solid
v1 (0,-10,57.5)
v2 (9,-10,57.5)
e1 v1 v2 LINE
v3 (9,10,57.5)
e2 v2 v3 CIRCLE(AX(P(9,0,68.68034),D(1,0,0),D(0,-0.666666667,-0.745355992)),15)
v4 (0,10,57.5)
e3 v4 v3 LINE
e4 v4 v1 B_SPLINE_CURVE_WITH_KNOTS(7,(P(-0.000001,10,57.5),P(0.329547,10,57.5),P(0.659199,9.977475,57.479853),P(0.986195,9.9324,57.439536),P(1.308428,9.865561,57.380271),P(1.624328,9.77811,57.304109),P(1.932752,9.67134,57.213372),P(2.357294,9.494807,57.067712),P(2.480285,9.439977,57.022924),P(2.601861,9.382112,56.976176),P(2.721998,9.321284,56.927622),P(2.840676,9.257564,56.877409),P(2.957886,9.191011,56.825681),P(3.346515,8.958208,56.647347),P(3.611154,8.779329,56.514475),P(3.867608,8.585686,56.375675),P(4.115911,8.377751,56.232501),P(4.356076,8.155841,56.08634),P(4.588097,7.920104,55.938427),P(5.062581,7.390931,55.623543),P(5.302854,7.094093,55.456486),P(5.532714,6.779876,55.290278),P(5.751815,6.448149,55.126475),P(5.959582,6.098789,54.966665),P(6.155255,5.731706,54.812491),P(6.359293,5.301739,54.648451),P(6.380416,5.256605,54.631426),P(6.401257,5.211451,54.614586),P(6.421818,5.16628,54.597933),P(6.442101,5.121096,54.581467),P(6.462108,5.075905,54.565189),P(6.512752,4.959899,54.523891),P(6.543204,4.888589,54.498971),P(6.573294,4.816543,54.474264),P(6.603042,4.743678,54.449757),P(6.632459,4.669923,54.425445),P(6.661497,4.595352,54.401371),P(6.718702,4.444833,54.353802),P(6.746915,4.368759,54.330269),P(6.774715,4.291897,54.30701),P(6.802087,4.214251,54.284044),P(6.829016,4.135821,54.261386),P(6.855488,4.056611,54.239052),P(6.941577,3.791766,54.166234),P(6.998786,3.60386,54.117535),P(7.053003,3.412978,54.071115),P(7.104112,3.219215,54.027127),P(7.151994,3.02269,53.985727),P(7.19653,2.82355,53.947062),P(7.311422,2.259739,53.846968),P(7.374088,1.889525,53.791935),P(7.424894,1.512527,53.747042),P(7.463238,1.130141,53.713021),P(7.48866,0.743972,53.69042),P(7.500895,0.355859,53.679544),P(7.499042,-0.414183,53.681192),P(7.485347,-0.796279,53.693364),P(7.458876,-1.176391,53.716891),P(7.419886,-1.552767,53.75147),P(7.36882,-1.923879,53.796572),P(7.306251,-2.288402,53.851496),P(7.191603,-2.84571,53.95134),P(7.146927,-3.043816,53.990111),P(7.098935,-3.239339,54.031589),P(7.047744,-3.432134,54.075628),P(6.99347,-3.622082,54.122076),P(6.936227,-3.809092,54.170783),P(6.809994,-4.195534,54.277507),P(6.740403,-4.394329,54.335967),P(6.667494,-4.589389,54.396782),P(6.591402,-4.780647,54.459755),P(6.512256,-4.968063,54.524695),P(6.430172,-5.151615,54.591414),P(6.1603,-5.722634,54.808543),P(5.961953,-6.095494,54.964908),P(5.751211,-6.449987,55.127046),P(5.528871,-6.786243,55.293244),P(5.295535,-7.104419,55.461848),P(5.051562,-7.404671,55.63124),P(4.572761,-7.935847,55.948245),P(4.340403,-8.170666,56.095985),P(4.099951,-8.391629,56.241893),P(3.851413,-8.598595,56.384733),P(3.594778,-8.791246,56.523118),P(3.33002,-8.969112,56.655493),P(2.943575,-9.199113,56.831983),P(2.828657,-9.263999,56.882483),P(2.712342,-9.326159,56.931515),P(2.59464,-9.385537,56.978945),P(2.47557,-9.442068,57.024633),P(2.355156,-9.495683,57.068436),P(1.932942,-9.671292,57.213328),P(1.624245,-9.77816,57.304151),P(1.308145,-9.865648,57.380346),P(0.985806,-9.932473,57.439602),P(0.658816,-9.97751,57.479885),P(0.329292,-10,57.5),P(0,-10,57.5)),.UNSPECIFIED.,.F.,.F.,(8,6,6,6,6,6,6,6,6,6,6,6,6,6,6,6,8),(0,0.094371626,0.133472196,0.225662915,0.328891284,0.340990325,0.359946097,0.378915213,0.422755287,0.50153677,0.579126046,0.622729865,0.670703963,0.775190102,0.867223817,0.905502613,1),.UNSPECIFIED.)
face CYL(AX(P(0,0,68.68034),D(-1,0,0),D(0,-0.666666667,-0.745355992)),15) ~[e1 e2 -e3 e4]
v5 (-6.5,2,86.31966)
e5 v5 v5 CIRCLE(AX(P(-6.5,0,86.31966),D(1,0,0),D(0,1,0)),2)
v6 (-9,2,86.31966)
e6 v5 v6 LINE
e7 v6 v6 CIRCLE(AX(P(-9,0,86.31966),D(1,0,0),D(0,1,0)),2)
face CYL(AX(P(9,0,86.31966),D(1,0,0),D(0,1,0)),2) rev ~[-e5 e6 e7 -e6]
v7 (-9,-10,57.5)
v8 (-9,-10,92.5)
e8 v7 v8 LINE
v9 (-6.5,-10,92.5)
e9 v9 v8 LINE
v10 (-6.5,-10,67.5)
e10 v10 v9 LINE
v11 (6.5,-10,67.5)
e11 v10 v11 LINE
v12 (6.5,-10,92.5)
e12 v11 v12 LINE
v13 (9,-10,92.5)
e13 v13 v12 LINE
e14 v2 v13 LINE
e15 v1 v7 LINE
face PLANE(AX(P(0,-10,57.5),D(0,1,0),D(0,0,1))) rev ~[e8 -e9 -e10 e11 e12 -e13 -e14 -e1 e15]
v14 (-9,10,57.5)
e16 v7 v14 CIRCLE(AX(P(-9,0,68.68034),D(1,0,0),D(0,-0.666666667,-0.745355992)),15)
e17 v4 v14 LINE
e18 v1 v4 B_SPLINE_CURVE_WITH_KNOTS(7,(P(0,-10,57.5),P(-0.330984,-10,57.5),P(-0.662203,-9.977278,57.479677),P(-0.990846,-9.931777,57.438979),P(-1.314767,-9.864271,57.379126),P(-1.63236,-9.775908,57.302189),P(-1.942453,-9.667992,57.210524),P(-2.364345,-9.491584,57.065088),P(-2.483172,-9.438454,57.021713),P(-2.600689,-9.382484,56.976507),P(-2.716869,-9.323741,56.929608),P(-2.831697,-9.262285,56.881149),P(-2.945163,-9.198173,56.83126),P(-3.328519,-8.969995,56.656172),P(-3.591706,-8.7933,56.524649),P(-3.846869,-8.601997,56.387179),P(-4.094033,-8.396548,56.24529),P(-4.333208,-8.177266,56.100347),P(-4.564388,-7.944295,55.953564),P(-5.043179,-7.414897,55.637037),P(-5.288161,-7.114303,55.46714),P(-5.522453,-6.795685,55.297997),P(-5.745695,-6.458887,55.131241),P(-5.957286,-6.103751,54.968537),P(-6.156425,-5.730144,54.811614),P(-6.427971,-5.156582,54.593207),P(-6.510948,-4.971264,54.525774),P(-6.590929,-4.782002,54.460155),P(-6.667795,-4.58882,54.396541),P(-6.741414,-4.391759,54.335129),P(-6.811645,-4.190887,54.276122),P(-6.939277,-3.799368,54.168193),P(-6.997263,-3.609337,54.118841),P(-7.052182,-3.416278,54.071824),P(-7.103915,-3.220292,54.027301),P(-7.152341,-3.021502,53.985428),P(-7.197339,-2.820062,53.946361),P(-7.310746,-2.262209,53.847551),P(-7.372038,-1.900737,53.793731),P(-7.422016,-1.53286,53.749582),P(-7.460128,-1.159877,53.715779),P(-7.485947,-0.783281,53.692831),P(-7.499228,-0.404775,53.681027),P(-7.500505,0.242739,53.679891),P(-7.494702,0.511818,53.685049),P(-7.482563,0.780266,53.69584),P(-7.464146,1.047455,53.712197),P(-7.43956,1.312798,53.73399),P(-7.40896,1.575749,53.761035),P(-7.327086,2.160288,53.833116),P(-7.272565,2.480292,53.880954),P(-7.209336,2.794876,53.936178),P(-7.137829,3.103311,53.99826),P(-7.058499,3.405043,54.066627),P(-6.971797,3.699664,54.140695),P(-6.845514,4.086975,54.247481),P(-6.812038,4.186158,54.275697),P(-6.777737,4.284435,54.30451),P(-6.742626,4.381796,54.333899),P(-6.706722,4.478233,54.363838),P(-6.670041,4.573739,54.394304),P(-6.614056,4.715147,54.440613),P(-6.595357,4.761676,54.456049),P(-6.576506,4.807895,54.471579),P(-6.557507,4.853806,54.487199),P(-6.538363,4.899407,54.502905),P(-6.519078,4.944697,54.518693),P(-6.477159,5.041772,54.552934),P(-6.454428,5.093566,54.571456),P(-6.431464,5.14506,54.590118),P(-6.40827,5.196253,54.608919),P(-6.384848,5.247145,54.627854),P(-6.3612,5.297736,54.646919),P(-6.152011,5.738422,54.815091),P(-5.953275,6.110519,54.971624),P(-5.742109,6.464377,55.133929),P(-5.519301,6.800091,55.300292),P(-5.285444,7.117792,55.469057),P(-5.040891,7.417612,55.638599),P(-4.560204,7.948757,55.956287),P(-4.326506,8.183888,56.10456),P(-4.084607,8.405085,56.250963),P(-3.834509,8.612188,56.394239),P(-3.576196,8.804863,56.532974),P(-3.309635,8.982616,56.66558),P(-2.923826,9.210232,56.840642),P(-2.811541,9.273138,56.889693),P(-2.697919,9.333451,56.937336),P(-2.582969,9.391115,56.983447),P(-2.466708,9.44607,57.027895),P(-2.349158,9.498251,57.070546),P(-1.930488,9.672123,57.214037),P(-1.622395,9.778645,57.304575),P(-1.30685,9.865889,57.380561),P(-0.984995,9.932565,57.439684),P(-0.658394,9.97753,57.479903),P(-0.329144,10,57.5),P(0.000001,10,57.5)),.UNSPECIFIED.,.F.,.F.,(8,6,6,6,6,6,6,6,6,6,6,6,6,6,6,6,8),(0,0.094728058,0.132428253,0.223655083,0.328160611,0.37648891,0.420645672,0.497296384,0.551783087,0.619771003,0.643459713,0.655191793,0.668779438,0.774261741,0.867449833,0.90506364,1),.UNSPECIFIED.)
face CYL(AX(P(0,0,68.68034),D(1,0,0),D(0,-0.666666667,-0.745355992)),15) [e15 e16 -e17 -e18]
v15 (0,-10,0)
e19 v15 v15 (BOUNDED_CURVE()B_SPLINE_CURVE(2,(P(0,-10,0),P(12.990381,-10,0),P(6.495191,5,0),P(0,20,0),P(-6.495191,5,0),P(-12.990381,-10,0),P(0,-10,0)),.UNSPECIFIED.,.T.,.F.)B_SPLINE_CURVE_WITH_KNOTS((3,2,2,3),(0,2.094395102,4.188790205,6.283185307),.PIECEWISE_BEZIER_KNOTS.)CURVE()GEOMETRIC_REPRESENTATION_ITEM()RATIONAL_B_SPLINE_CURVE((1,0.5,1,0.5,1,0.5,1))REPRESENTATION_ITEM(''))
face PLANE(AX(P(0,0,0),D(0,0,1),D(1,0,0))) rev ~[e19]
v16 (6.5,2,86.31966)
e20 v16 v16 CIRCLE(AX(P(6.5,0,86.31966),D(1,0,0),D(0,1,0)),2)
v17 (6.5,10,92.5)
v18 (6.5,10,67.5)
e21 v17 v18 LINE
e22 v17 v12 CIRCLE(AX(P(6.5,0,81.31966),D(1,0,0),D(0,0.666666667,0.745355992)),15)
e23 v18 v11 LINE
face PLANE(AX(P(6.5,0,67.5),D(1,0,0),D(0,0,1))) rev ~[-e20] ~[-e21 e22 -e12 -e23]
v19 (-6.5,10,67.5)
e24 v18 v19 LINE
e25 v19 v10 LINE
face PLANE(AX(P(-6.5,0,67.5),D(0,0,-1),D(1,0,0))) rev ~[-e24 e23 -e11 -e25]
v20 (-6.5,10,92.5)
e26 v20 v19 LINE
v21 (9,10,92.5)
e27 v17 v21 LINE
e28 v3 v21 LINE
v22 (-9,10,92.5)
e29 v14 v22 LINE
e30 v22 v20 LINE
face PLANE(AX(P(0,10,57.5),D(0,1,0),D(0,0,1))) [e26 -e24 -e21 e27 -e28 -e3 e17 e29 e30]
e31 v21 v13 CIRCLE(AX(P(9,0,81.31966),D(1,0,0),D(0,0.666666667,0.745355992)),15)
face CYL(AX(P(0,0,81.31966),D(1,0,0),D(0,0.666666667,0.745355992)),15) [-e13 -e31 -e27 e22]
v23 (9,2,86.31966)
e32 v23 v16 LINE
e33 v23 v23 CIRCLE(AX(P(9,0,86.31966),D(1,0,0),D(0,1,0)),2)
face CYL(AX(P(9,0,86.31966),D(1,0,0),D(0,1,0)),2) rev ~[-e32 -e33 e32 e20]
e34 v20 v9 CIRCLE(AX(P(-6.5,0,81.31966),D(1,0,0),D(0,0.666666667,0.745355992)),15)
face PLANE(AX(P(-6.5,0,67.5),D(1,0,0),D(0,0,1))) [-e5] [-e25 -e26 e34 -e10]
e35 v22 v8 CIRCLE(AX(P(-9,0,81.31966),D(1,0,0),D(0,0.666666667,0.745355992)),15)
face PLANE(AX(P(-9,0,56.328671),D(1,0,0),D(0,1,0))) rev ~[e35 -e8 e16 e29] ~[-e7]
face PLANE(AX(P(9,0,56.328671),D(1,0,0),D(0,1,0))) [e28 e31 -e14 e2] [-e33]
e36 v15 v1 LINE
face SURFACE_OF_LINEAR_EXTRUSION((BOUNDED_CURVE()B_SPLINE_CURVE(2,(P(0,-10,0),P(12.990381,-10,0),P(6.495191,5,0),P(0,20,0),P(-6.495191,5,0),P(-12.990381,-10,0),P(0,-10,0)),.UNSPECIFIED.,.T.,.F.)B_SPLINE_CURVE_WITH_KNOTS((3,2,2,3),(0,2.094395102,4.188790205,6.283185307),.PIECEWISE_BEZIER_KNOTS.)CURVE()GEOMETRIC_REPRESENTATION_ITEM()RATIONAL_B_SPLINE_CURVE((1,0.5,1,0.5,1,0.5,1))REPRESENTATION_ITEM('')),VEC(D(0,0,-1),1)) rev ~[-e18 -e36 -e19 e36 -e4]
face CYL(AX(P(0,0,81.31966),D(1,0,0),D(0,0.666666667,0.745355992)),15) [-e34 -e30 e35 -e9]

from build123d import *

# Parameters (mm, degrees)
F1_DEPTH      = 75
F2_W          = 20
F2_H          = 35
F3_DEPTH      = 9
F3_DEPTH_BACK = 9
F4_W          = 13
F4_H          = 65
F5_DEPTH      = 25
F5_DEPTH_BACK = 25
F6_R          = 2
F7_DEPTH      = 25


with BuildPart() as f1:
    # F0 (on Top) → F1 (new body)
    with BuildSketch(Plane.XY):
        with BuildLine():
            add(Edge.make_bspline(
                [(0, -10), (12.9903810568, -10), (6.4951905284, 5), (0, 20), (-6.4951905284, 5), (-12.9903810568, -10), (0, -10)],
                knots=[0, 0, 0, 2.0943951024, 2.0943951024, 4.1887902048, 4.1887902048, 6.2831853072, 6.2831853072, 6.2831853072], degree=2, weights=[1, 0.5, 1, 0.5, 1, 0.5, 1]))
        make_face()
    extrude(amount=F1_DEPTH)

    # F2 (on Right) → F3 (join, two sides)
    with BuildSketch(Plane.YZ) as f3_sk:
        with BuildLine():
            ThreePointArc((-10, 57.5), (0, 53.6803398875), (10, 57.5))
            Line((10, 57.5), (-10, 57.5))
        make_face()
        with Locations((0, 75)):
            Rectangle(F2_W, F2_H)
        with BuildLine():
            Line((-10, 92.5), (10, 92.5))
            ThreePointArc((10, 92.5), (0, 96.3196601125), (-10, 92.5))
        make_face()
    extrude(amount=F3_DEPTH)
    extrude(f3_sk.sketch, amount=-F3_DEPTH_BACK)

    # F4 (on Front) → F5 (cut, two sides)
    with BuildSketch(Plane.XZ) as f5_sk:
        with Locations((0, 100)):
            Rectangle(F4_W, F4_H)
    extrude(amount=-F5_DEPTH, mode=Mode.SUBTRACT)
    extrude(f5_sk.sketch, amount=F5_DEPTH_BACK, mode=Mode.SUBTRACT)

    # F6 (on face) → F7 (cut)
    with BuildSketch(Plane.YZ.offset(9)):
        with Locations((0, 86.3196601125)):
            Circle(F6_R)
    extrude(amount=-F7_DEPTH, mode=Mode.SUBTRACT)


solid = f1.part
